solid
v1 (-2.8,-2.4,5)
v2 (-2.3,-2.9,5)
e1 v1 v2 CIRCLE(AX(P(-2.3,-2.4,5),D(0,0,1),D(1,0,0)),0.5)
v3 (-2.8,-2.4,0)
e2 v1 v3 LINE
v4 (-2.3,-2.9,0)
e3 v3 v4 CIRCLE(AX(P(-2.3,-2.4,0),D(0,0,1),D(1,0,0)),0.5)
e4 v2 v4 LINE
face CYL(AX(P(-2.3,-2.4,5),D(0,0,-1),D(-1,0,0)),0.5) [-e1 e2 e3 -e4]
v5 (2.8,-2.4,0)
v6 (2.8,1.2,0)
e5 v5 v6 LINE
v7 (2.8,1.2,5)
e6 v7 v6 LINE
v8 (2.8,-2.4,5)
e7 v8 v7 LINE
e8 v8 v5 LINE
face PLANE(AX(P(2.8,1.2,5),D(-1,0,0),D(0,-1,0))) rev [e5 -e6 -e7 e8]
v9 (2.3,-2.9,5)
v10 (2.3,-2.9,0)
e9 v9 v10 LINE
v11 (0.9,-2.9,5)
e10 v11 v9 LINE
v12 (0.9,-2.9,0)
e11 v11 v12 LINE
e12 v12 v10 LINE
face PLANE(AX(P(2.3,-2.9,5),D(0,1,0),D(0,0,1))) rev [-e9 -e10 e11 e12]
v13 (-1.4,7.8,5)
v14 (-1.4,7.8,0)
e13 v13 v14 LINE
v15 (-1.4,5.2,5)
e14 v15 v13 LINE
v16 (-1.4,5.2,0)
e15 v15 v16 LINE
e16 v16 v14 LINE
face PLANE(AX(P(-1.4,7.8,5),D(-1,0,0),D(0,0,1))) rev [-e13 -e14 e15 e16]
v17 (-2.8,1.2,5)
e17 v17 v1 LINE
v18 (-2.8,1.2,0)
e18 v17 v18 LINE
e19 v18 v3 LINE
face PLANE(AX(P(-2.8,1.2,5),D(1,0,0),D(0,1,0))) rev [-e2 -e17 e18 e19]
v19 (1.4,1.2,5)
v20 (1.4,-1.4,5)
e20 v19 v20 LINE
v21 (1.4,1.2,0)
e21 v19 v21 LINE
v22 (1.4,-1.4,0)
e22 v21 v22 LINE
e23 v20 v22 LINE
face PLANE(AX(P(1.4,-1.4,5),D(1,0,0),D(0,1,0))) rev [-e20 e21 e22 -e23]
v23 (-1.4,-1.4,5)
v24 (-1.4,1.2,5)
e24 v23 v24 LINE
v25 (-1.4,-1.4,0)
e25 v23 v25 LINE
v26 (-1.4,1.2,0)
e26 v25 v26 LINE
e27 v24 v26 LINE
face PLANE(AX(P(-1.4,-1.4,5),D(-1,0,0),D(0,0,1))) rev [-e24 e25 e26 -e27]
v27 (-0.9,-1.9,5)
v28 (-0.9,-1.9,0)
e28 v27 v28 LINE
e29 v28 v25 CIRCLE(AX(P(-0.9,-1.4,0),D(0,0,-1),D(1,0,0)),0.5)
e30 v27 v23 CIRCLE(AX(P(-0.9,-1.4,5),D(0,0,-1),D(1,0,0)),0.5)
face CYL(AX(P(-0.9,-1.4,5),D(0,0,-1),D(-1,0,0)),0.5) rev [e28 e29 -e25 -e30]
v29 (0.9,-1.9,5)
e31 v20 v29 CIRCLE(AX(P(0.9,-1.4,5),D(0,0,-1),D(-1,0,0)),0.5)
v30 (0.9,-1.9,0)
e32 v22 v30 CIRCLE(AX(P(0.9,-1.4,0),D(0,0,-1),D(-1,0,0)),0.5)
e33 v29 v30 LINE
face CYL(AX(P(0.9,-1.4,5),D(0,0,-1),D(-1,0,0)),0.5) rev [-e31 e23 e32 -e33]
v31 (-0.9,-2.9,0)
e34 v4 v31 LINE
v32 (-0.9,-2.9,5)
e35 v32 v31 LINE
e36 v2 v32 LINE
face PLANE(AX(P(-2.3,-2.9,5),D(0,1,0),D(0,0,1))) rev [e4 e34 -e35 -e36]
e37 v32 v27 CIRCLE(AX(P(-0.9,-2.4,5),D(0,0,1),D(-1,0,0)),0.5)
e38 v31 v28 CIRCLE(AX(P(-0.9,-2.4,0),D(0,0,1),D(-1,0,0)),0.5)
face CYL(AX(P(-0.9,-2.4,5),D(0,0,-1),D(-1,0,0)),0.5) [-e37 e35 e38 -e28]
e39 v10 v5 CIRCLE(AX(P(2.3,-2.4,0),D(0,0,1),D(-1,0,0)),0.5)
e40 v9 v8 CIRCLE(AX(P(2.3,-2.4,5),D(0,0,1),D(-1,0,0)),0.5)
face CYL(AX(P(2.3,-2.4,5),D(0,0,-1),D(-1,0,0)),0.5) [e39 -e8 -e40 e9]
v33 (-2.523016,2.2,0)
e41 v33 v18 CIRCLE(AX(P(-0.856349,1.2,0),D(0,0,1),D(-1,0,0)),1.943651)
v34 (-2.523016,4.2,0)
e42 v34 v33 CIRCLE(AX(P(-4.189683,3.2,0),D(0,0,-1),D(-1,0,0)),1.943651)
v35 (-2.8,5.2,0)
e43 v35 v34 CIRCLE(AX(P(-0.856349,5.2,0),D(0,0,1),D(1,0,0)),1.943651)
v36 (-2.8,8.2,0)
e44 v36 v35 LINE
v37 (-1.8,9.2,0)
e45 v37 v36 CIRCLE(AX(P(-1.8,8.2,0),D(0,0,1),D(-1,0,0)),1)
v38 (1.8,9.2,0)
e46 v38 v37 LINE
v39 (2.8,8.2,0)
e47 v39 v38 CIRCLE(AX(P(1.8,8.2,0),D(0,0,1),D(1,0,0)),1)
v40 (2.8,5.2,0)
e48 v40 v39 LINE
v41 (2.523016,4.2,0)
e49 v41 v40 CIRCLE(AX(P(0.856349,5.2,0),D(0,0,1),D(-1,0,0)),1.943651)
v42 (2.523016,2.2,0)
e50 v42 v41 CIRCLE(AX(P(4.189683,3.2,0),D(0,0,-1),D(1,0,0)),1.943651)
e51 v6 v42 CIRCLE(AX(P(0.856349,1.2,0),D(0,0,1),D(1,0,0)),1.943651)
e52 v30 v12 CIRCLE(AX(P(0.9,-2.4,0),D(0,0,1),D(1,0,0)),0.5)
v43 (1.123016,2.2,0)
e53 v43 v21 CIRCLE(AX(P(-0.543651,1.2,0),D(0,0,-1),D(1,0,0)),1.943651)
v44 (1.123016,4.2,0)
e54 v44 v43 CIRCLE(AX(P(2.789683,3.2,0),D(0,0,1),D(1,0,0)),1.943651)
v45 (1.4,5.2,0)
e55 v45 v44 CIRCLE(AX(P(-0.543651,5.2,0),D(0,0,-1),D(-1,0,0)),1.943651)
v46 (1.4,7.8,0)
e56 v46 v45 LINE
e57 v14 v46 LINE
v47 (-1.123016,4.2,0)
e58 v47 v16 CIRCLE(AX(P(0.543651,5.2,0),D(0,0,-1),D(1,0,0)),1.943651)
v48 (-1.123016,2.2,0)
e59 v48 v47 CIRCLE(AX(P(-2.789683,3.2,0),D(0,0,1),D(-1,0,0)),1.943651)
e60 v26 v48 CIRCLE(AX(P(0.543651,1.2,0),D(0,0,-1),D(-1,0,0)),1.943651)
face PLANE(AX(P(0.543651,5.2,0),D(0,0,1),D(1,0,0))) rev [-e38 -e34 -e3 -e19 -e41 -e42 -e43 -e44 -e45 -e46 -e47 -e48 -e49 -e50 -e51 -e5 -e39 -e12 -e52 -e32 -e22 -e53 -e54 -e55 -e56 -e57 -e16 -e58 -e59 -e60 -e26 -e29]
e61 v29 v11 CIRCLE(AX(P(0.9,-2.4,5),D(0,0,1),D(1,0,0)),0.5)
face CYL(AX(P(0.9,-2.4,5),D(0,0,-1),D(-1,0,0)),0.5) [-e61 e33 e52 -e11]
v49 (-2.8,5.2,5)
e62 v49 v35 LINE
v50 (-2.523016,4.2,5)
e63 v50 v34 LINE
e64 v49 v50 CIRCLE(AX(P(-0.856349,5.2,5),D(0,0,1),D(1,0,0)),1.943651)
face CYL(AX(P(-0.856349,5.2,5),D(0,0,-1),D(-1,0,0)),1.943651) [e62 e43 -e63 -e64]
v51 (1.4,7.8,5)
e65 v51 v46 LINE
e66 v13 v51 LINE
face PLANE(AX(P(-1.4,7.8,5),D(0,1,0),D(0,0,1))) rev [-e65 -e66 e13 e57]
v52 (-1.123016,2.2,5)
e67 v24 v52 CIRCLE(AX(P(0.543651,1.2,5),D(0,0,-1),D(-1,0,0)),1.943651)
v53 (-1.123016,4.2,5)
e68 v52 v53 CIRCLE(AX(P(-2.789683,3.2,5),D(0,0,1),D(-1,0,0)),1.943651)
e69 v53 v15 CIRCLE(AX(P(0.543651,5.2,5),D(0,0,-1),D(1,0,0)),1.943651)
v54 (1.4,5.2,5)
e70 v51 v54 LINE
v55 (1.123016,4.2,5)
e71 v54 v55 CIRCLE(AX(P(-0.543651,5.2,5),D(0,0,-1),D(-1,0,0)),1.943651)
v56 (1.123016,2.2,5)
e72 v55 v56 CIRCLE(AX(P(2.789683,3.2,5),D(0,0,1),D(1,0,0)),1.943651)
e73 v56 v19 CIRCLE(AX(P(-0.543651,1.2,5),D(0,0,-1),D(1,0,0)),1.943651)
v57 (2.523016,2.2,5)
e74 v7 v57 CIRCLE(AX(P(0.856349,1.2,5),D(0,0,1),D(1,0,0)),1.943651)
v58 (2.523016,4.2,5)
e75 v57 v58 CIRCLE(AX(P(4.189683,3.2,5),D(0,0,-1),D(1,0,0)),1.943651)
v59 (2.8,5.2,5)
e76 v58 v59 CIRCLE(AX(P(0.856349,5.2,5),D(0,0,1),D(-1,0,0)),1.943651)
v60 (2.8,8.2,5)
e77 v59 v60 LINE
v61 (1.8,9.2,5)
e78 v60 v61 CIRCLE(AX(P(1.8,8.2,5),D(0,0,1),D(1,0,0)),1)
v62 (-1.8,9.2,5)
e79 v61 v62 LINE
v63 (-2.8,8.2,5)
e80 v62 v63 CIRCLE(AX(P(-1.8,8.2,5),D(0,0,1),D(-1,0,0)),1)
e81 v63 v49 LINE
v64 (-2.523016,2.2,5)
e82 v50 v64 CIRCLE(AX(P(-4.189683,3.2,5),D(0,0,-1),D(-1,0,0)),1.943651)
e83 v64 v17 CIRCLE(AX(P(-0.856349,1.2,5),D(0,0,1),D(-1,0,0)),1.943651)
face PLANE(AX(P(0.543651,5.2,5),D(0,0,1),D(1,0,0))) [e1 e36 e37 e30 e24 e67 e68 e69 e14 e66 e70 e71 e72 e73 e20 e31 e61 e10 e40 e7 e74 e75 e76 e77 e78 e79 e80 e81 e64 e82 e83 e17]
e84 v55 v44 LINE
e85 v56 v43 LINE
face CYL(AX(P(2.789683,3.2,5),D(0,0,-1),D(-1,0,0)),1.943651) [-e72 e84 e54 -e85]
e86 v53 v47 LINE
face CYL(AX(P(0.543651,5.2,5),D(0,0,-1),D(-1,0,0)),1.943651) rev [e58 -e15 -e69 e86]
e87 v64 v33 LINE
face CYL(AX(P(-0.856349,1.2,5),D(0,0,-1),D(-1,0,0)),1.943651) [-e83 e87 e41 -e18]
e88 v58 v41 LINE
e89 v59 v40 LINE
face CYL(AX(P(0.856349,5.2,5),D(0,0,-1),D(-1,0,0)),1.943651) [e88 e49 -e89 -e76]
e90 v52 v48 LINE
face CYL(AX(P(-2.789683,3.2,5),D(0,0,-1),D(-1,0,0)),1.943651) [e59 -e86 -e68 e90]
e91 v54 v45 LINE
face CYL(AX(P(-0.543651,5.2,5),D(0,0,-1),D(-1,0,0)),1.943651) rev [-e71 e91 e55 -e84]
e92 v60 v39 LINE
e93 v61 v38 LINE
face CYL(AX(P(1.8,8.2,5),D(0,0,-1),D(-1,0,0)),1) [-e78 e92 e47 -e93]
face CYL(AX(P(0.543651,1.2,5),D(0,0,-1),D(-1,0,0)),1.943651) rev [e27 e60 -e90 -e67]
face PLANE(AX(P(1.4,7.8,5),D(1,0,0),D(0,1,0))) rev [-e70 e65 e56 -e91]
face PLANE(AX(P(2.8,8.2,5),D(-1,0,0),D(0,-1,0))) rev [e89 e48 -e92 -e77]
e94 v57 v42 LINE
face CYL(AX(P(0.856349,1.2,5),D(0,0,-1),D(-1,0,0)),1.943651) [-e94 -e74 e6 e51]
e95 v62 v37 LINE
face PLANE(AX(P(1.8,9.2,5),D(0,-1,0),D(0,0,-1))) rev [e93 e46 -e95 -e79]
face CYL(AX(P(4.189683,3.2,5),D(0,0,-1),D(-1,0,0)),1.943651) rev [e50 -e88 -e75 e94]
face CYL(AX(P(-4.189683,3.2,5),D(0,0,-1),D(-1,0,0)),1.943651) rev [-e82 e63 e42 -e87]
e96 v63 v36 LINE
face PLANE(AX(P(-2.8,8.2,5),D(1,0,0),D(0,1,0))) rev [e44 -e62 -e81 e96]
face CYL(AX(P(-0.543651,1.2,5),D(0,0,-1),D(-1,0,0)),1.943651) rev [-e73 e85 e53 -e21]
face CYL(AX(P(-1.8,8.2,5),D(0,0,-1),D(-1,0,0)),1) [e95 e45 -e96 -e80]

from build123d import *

# Parameters (mm, degrees)
BOSS_EXTRUDE1_DEPTH = 5


with BuildPart() as part:
    # Sketch2 → Boss-Extrude1 (new body)
    with BuildSketch(Plane.XY):
        with BuildLine():
            Line((-1.4, 7.8), (1.4, 7.8))
            Line((1.4, 7.8), (1.4, 5.2))
            ThreePointArc((1.4, 5.2), (1.329474497, 4.681174375), (1.123016035, 4.2))
            ThreePointArc((1.123016035, 4.2), (0.84603207, 3.2), (1.123016035, 2.2))
            ThreePointArc((1.123016035, 2.2), (1.329474497, 1.718825625), (1.4, 1.2))
            Line((1.4, 1.2), (1.4, -1.4))
            ThreePointArc((1.4, -1.4), (1.253553391, -1.753553391), (0.9, -1.9))
            ThreePointArc((0.9, -1.9), (0.546446609, -2.046446609), (0.4, -2.4))
            ThreePointArc((0.4, -2.4), (0.546446609, -2.753553391), (0.9, -2.9))
            Line((0.9, -2.9), (2.3, -2.9))
            ThreePointArc((2.3, -2.9), (2.653553391, -2.753553391), (2.8, -2.4))
            Line((2.8, -2.4), (2.8, 1.2))
            ThreePointArc((2.8, 1.2), (2.729474497, 1.718825625), (2.523016035, 2.2))
            ThreePointArc((2.523016035, 2.2), (2.24603207, 3.2), (2.523016035, 4.2))
            ThreePointArc((2.523016035, 4.2), (2.729474497, 4.681174375), (2.8, 5.2))
            Line((2.8, 5.2), (2.8, 8.2))
            ThreePointArc((2.8, 8.2), (2.507106781, 8.907106781), (1.8, 9.2))
            Line((1.8, 9.2), (-1.8, 9.2))
            ThreePointArc((-1.8, 9.2), (-2.507106781, 8.907106781), (-2.8, 8.2))
            Line((-2.8, 8.2), (-2.8, 5.2))
            ThreePointArc((-2.8, 5.2), (-2.729474497, 4.681174375), (-2.523016035, 4.2))
            ThreePointArc((-2.523016035, 4.2), (-2.24603207, 3.2), (-2.523016035, 2.2))
            ThreePointArc((-2.523016035, 2.2), (-2.729474497, 1.718825625), (-2.8, 1.2))
            Line((-2.8, 1.2), (-2.8, -2.4))
            ThreePointArc((-2.8, -2.4), (-2.653553391, -2.753553391), (-2.3, -2.9))
            Line((-2.3, -2.9), (-0.9, -2.9))
            ThreePointArc((-0.9, -2.9), (-0.546446609, -2.753553391), (-0.4, -2.4))
            ThreePointArc((-0.4, -2.4), (-0.546446609, -2.046446609), (-0.9, -1.9))
            ThreePointArc((-0.9, -1.9), (-1.253553391, -1.753553391), (-1.4, -1.4))
            Line((-1.4, -1.4), (-1.4, 1.2))
            ThreePointArc((-1.4, 1.2), (-1.329474497, 1.718825625), (-1.123016035, 2.2))
            ThreePointArc((-1.123016035, 2.2), (-0.84603207, 3.2), (-1.123016035, 4.2))
            ThreePointArc((-1.123016035, 4.2), (-1.329474497, 4.681174375), (-1.4, 5.2))
            Line((-1.4, 5.2), (-1.4, 7.8))
        make_face()
    extrude(amount=BOSS_EXTRUDE1_DEPTH)


solid = part.part
